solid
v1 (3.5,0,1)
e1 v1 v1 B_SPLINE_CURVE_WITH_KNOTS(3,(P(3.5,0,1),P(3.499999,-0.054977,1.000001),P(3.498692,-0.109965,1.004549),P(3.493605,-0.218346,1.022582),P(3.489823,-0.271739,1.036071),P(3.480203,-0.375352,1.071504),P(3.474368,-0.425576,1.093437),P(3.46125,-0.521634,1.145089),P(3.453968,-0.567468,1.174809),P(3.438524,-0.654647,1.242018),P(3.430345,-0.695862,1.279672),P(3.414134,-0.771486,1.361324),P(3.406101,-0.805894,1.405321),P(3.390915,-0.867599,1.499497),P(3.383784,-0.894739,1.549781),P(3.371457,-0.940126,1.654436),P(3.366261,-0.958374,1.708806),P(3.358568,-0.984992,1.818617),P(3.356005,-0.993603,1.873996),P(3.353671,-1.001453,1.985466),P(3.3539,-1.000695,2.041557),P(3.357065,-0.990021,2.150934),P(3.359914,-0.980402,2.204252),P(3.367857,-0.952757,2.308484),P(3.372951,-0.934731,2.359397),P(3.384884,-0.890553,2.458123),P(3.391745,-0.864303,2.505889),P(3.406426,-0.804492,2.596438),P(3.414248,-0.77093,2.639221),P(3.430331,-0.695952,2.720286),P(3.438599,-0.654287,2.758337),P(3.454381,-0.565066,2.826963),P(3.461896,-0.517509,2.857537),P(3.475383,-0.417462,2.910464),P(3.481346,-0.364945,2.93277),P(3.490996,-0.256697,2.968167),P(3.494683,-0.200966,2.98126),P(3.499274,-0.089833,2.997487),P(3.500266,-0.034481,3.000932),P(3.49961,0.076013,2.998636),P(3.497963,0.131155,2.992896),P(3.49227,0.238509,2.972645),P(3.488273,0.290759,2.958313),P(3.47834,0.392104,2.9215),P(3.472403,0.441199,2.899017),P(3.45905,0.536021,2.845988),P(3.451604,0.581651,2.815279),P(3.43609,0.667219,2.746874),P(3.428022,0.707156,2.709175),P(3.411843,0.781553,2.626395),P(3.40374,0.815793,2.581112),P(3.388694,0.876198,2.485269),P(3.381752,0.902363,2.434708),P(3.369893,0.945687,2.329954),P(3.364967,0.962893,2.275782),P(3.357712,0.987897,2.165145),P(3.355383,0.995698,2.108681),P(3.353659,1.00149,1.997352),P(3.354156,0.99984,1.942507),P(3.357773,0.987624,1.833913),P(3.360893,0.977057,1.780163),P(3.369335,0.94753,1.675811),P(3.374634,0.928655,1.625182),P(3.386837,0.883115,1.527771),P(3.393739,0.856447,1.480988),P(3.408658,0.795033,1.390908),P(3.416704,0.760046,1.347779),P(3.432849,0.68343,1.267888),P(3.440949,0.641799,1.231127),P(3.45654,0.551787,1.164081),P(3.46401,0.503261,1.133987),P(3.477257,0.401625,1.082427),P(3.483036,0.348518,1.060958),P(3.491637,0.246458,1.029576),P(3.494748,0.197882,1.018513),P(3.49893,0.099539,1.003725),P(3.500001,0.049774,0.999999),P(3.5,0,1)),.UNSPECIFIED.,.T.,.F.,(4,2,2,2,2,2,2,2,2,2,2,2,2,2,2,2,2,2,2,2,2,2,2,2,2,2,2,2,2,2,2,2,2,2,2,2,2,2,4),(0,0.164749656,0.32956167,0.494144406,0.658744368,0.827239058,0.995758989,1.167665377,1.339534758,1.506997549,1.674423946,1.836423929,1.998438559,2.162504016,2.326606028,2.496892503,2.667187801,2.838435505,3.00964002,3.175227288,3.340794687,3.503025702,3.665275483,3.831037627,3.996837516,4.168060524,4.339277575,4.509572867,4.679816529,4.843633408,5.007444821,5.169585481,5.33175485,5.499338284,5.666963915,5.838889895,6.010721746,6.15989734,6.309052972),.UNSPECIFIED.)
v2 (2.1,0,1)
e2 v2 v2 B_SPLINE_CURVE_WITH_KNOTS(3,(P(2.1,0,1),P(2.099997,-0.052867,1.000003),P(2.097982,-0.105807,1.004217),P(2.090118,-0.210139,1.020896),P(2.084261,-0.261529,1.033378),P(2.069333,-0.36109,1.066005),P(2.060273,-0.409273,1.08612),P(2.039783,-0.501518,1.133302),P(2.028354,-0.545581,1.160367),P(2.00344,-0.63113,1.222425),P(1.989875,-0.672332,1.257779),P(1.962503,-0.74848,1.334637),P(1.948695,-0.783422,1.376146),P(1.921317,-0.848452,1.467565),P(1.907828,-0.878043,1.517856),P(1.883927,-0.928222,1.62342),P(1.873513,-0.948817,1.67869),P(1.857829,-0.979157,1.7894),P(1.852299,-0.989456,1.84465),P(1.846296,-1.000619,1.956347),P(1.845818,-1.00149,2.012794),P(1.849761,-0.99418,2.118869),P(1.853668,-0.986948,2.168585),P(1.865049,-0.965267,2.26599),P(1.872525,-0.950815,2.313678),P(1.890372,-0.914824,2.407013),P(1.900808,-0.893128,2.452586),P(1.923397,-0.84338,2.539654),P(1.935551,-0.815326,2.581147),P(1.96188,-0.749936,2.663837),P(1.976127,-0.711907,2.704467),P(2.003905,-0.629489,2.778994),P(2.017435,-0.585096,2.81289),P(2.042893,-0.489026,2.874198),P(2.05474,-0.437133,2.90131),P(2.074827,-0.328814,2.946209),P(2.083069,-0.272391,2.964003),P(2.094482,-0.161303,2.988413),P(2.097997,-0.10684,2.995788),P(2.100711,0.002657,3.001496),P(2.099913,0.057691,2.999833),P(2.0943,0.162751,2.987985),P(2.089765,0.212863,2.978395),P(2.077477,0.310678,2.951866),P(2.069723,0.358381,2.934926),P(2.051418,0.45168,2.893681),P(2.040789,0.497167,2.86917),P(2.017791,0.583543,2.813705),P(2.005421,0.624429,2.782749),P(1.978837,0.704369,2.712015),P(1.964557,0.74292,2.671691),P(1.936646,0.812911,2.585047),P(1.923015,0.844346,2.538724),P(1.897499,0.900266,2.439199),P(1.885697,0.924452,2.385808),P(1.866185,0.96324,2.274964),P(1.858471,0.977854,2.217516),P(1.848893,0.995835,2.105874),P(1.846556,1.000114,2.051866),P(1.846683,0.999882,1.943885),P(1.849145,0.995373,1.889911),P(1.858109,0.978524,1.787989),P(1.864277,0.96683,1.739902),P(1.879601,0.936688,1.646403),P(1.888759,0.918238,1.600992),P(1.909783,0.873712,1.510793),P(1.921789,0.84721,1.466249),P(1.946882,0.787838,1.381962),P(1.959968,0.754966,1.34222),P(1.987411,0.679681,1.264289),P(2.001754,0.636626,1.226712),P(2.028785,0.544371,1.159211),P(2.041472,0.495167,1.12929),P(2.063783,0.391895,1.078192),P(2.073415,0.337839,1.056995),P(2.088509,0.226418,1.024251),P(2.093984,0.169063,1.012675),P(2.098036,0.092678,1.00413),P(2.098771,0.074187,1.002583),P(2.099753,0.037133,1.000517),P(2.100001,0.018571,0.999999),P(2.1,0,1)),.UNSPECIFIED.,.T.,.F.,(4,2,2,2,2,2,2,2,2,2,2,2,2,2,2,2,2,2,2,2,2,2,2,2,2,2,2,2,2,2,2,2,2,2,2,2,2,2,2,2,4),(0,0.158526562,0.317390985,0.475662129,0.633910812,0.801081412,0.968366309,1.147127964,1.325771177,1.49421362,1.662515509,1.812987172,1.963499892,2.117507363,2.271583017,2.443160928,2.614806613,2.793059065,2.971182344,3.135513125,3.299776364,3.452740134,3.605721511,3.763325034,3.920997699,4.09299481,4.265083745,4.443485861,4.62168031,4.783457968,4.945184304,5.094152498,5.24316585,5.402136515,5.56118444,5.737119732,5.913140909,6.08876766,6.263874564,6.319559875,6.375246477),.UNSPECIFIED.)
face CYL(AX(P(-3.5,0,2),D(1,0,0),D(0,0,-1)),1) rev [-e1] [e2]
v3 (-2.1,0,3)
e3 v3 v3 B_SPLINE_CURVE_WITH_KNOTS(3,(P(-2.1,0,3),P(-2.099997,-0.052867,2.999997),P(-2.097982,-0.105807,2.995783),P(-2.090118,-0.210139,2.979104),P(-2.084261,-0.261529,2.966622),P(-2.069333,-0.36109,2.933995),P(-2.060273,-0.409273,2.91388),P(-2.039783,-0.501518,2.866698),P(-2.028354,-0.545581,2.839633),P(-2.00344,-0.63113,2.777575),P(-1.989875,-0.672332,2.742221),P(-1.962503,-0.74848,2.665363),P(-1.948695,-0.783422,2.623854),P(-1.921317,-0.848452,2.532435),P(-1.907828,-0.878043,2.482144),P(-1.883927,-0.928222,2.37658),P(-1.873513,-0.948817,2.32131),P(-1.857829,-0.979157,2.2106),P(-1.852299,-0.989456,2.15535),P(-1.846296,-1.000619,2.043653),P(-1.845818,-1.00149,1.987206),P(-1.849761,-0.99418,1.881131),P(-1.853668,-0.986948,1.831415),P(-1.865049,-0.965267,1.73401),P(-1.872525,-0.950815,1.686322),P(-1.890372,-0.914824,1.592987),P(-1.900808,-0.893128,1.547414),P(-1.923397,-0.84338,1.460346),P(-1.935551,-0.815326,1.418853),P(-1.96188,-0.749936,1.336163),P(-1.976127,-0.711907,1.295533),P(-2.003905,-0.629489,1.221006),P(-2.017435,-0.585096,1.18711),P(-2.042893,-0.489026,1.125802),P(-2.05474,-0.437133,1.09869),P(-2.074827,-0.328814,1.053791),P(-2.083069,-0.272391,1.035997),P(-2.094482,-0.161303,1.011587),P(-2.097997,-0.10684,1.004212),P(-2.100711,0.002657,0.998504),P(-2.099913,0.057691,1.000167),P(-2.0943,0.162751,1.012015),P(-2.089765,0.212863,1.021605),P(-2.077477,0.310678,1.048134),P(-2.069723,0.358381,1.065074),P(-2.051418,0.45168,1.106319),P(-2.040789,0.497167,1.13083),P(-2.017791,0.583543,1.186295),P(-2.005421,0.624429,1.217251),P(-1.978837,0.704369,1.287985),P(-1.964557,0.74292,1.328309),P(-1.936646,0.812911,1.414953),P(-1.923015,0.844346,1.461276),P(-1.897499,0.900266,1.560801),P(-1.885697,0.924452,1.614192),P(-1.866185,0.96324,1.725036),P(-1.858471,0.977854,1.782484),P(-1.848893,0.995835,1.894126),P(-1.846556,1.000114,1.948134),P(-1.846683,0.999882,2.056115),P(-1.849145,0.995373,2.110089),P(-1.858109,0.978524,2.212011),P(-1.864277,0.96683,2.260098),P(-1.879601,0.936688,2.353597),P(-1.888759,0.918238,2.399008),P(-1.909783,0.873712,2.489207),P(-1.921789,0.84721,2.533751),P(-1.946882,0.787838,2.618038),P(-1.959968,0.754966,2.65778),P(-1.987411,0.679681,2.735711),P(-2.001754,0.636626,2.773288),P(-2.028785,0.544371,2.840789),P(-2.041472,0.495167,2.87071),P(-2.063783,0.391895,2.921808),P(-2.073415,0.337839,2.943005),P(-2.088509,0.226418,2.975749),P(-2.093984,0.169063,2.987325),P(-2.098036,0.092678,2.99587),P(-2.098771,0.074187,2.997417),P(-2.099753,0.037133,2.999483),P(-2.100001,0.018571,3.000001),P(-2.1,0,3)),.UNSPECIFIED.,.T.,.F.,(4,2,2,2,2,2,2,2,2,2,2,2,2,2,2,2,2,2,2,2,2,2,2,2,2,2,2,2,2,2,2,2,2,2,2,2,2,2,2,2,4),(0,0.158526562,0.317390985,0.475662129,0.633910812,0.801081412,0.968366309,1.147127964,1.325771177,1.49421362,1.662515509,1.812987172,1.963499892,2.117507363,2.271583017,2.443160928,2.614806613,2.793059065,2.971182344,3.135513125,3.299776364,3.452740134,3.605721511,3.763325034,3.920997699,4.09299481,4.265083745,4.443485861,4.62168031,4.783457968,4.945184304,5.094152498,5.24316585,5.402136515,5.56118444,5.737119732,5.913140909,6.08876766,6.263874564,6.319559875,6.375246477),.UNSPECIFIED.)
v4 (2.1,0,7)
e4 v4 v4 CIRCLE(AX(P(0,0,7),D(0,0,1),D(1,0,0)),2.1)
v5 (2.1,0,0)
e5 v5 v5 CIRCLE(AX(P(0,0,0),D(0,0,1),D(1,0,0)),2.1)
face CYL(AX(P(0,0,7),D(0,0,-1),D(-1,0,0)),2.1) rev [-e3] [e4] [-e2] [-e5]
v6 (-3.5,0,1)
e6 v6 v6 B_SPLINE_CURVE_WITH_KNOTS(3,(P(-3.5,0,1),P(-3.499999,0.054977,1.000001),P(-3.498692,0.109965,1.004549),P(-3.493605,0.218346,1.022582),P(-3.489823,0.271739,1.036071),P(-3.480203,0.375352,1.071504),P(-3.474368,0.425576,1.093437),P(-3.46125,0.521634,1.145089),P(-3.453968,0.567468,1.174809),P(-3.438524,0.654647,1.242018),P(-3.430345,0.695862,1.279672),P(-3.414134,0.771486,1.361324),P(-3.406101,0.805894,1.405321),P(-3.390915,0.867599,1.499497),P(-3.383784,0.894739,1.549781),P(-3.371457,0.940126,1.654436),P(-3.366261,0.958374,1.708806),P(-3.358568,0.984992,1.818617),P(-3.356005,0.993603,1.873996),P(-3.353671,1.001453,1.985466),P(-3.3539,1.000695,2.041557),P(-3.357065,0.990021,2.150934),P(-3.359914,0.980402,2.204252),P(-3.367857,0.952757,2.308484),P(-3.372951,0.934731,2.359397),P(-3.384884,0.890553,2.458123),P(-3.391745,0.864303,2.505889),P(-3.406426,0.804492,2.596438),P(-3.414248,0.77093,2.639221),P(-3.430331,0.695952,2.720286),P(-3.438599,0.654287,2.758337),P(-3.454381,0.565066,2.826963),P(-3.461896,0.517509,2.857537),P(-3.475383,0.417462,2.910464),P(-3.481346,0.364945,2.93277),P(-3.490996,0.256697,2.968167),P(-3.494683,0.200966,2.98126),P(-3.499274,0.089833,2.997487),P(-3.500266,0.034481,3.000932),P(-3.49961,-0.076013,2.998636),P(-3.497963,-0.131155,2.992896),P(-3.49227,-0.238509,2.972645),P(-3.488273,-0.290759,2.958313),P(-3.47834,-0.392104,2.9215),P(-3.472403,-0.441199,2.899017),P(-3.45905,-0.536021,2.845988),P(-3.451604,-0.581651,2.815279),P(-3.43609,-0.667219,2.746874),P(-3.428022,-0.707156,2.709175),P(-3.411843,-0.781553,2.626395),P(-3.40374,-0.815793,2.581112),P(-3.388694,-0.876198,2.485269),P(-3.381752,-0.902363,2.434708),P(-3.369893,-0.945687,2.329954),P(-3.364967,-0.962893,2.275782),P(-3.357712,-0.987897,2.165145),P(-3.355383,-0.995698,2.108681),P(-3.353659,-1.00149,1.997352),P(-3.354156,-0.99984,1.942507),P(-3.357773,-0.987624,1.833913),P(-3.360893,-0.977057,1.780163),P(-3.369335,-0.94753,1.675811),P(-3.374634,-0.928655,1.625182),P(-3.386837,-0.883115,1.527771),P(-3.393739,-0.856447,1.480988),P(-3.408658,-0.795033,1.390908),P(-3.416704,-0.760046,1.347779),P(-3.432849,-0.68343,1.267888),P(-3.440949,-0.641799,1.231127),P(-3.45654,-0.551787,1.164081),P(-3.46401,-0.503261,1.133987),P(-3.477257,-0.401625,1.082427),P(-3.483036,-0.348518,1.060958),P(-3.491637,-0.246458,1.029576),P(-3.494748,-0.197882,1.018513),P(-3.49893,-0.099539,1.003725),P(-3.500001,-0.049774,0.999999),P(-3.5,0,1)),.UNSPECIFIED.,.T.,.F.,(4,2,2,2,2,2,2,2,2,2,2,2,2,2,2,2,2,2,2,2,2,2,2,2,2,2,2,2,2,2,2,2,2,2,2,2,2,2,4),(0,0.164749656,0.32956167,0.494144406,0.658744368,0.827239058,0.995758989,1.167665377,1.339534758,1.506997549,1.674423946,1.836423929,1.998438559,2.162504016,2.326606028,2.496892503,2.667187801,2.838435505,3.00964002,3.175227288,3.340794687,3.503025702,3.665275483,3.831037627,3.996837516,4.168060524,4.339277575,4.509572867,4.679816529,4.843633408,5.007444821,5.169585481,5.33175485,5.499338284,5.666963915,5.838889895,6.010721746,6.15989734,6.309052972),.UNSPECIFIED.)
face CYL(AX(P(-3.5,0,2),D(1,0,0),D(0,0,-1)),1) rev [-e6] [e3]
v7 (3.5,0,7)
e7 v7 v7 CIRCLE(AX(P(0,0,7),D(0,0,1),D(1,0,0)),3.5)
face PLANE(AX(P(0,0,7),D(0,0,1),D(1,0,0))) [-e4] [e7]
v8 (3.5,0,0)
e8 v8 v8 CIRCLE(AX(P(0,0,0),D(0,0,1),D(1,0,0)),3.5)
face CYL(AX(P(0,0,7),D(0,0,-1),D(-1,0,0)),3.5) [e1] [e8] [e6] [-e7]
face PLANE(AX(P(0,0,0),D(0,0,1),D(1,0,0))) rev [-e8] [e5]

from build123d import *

# Parameters (mm, degrees)
SKETCH1_R               = 3.5
SKETCH1_R_2             = 2.1
BOSS_EXTRUDE1_DEPTH     = 7
SKETCH2_R               = 1
CUT_EXTRUDE1_DEPTH      = 1
CUT_EXTRUDE1_DEPTH_BACK = 8


with BuildPart() as part:
    # Sketch1 → Boss-Extrude1 (new body)
    with BuildSketch(Plane.XY):
        Circle(SKETCH1_R)
        Circle(SKETCH1_R_2, mode=Mode.SUBTRACT)
    extrude(amount=BOSS_EXTRUDE1_DEPTH)

    # Sketch2 → Cut-Extrude1 (cut, two sides)
    with BuildSketch(Plane(origin=(3.5, 0, 0), x_dir=(0, 0, -1), z_dir=(1, 0, 0))) as cut_extrude1_sk:
        with Locations((-2, 0)):
            Circle(SKETCH2_R)
    extrude(amount=CUT_EXTRUDE1_DEPTH, mode=Mode.SUBTRACT)
    extrude(cut_extrude1_sk.sketch, amount=-CUT_EXTRUDE1_DEPTH_BACK, mode=Mode.SUBTRACT)


solid = part.part
